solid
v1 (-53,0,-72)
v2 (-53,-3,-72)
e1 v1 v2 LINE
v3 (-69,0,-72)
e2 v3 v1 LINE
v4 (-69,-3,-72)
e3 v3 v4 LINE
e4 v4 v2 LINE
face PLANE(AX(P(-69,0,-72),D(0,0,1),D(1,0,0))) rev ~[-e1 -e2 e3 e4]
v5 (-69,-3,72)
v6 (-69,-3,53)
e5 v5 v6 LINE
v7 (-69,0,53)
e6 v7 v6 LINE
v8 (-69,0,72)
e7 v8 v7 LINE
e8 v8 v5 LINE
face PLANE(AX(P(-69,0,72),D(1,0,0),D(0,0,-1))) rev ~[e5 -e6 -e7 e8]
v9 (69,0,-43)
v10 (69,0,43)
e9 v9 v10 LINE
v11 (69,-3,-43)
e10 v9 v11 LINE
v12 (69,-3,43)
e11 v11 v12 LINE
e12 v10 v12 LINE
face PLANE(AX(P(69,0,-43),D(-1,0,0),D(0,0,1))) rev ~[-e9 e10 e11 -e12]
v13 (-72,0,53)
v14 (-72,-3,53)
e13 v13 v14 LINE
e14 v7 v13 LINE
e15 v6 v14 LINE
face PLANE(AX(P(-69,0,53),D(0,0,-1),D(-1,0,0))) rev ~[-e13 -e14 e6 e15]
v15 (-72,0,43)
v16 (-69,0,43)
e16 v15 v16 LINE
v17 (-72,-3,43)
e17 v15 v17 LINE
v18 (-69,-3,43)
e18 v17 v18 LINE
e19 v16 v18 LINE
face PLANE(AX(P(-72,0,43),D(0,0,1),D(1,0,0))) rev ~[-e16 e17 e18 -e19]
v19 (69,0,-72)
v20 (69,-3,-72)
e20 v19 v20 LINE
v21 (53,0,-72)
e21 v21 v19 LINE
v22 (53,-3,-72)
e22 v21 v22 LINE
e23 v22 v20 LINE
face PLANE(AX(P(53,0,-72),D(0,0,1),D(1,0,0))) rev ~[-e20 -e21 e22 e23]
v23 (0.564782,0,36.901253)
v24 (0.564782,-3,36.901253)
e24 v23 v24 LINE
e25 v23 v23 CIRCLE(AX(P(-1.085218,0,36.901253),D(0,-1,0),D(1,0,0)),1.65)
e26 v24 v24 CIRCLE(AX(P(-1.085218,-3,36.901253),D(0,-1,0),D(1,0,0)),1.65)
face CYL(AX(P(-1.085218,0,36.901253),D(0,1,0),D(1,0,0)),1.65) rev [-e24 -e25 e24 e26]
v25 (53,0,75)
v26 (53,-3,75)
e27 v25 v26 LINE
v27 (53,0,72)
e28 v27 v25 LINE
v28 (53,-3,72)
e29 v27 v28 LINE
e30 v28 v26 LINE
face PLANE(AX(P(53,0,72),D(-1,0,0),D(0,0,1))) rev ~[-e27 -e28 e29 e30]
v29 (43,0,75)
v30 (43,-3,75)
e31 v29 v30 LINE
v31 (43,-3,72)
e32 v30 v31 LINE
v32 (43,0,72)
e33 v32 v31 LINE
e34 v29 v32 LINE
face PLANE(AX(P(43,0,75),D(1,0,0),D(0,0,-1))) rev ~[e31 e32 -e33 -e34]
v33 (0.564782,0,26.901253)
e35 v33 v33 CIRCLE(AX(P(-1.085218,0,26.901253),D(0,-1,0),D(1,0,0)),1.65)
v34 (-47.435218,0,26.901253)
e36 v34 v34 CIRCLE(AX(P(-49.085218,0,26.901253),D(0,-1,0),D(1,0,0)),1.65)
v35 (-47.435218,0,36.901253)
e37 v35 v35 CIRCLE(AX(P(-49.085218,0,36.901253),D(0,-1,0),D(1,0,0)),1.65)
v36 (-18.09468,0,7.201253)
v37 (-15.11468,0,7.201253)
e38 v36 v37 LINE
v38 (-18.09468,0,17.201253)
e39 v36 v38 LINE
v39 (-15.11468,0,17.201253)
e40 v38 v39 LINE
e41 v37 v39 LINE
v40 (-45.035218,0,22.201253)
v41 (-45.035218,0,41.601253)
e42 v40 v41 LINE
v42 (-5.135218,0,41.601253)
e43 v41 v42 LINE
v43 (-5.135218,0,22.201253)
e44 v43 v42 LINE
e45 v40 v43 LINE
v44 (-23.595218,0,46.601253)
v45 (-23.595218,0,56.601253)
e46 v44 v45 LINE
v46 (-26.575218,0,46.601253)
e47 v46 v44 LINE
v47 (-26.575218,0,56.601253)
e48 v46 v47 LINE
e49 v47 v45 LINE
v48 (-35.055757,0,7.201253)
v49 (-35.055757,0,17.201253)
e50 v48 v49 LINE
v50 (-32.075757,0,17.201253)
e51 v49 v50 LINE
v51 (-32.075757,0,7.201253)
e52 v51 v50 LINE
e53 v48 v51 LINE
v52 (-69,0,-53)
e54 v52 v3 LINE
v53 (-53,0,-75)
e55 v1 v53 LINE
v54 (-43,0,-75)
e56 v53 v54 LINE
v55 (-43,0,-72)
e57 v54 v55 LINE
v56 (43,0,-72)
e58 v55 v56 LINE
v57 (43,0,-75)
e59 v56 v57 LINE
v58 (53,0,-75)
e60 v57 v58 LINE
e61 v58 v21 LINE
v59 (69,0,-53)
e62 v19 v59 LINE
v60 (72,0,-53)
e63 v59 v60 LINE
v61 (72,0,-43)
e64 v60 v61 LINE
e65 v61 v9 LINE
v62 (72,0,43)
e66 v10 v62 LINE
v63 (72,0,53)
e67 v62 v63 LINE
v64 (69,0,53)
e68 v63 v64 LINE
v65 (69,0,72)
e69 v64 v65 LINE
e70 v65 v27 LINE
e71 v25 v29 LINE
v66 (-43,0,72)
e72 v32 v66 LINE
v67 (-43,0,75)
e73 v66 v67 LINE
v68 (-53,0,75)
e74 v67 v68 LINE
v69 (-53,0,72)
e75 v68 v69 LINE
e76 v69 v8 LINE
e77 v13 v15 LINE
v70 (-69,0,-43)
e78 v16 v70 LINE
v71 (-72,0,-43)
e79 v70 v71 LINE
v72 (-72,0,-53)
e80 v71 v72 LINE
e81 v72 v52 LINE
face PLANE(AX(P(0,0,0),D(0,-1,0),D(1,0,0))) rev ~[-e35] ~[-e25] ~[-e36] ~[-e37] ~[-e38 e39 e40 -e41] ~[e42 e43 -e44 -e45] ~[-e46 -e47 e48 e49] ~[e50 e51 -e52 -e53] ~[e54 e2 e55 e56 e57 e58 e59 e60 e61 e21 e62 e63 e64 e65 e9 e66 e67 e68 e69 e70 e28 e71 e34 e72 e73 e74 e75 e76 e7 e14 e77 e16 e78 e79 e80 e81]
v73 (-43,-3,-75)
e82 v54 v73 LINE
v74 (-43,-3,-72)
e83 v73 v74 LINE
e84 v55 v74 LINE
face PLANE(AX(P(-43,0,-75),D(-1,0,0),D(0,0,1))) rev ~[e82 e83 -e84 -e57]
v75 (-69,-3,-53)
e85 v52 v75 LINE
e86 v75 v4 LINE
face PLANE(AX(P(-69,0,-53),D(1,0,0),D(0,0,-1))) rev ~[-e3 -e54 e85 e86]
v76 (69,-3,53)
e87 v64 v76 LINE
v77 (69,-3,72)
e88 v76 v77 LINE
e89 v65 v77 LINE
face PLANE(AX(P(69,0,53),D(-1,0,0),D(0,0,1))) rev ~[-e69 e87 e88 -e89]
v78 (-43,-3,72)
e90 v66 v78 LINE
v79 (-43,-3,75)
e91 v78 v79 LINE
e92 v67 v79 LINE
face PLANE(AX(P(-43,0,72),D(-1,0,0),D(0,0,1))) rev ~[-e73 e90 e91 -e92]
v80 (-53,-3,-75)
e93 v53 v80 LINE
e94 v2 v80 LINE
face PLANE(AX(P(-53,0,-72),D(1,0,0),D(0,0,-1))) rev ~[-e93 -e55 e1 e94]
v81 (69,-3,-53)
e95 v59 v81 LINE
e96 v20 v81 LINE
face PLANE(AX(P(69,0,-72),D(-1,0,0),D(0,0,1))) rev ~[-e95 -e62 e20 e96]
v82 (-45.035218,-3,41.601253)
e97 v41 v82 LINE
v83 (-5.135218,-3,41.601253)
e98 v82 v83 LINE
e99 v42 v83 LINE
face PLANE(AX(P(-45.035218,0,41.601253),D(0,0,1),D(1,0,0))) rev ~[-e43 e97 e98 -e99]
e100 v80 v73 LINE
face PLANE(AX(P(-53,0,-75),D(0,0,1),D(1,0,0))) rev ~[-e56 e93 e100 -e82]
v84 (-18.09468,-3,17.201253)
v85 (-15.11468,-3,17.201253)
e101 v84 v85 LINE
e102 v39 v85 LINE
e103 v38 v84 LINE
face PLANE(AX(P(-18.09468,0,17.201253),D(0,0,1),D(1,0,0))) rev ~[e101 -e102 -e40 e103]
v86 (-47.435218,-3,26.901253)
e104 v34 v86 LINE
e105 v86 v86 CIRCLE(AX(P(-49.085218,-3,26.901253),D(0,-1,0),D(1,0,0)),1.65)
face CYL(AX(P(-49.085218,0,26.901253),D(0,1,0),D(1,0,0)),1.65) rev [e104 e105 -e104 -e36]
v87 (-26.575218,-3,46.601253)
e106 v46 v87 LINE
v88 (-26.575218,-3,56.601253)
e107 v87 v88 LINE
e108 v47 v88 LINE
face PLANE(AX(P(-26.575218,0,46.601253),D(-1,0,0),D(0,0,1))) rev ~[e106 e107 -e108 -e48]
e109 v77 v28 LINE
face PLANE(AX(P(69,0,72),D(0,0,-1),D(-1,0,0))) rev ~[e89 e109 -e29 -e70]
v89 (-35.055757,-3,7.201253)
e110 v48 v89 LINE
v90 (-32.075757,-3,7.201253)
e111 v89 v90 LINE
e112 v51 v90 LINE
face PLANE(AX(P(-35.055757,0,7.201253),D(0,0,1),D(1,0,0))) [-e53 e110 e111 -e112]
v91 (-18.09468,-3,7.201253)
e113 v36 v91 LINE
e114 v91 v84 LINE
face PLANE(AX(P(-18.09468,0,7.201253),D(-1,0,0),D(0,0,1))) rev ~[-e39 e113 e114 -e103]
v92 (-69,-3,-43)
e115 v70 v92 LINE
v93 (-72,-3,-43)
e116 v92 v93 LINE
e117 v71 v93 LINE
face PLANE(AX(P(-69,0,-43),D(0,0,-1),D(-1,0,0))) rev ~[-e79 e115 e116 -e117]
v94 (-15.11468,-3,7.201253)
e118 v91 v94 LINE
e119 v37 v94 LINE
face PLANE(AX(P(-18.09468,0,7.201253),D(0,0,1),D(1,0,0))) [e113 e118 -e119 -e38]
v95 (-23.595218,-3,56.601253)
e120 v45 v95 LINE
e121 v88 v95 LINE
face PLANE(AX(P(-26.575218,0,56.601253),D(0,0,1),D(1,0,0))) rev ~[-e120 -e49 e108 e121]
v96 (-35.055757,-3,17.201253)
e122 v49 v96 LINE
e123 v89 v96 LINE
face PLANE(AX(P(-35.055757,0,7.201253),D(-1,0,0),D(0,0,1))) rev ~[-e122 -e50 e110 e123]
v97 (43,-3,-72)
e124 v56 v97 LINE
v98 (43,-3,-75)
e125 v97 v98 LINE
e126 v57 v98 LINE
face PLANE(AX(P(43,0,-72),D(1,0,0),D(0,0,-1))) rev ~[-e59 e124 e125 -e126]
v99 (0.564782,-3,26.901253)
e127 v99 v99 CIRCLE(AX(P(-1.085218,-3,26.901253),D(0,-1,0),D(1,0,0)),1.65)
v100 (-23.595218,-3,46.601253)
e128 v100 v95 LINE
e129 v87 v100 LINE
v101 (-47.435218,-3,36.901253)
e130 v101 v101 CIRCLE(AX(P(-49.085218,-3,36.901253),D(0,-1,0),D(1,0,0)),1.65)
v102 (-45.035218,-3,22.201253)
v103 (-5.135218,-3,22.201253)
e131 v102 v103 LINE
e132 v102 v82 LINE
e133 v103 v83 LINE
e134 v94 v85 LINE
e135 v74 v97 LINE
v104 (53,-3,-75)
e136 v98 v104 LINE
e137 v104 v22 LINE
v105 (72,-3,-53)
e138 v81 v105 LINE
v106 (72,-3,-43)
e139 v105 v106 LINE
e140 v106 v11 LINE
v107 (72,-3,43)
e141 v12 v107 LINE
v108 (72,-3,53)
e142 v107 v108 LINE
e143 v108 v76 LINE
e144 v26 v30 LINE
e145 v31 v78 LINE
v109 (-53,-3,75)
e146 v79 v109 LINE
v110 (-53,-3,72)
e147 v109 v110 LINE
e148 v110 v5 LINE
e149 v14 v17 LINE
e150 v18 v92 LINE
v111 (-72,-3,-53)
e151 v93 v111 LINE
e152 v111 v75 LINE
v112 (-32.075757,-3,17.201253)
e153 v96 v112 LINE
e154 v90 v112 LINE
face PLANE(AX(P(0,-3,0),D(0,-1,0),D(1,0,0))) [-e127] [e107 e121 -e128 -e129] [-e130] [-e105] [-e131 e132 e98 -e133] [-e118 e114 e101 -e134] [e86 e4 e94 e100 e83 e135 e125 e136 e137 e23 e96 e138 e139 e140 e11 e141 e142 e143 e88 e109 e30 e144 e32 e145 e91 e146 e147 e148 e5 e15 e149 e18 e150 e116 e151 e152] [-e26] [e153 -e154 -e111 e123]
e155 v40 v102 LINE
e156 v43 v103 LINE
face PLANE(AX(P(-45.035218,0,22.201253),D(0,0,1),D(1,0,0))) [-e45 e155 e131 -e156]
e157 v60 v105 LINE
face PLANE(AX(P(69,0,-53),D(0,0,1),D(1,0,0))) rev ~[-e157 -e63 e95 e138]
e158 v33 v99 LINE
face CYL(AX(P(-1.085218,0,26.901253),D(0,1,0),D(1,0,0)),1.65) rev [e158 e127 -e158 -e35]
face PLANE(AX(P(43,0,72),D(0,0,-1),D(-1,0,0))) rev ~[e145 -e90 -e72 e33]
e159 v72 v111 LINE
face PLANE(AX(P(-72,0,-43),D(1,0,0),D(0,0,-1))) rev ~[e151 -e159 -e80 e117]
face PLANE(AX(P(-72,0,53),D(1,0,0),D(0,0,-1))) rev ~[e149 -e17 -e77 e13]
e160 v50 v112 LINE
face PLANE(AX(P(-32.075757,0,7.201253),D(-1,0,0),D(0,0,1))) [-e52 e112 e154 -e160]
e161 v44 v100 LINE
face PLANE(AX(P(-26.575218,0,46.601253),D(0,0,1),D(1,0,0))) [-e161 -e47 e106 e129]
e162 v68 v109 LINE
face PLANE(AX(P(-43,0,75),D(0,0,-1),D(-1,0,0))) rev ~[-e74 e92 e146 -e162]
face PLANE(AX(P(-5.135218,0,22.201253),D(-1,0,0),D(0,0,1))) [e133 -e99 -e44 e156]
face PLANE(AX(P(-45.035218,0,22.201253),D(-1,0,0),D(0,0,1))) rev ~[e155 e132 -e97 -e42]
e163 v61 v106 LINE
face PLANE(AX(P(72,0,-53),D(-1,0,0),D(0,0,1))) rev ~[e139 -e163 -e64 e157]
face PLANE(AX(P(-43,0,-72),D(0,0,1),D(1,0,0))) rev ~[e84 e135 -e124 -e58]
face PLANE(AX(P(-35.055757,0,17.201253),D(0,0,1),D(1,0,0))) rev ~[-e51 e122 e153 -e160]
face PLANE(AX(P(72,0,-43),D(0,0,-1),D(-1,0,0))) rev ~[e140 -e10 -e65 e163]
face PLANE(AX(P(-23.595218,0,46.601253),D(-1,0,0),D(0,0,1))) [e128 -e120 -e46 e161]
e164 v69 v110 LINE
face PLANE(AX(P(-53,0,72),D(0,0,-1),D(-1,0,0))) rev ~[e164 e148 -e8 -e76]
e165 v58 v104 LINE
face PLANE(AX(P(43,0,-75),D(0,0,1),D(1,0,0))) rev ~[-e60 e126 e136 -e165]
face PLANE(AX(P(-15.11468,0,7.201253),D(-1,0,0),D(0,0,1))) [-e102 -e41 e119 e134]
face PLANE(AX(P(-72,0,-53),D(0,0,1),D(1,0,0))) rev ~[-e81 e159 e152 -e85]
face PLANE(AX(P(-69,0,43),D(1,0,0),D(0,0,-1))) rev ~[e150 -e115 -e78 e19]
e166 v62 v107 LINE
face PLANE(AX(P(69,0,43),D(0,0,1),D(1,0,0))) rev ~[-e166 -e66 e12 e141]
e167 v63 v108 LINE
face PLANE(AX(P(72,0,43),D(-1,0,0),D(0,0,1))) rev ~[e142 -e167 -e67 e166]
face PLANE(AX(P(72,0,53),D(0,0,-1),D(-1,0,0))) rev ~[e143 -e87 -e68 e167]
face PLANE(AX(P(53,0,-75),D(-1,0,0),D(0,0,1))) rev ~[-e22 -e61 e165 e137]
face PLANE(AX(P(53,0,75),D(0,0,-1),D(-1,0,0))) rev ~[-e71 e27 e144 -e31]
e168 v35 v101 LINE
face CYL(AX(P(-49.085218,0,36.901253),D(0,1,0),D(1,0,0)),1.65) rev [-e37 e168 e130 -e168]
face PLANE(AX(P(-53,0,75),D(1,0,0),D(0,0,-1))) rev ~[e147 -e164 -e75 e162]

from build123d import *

# Parameters (mm, degrees)
F0_R     = 1.65
F0_W     = 2.98
F0_H     = 10
F0_W_2   = 39.9
F0_H_2   = 19.4
F1_DEPTH = 3


with BuildPart() as f1:
    # F0 (on Front) → F1 (new body)
    with BuildSketch(Plane.XZ):
        Polygon((43, -75), (53, -75), (53, -72), (69, -72), (69, -53), (72, -53), (72, -43), (69, -43), (69, 43), (72, 43), (72, 53), (69, 53), (69, 72), (53, 72), (53, 75), (43, 75), (43, 72), (-43, 72), (-43, 75), (-53, 75), (-53, 72), (-69, 72), (-69, 53), (-72, 53), (-72, 43), (-69, 43), (-69, -43), (-72, -43), (-72, -53), (-69, -53), (-69, -72), (-53, -72), (-53, -75), (-43, -75), (-43, -72), (43, -72), align=None)
        with Locations((-49.085218, 26.901253)):
            Circle(F0_R, mode=Mode.SUBTRACT)
        with Locations((-49.085218, 36.901253)):
            Circle(F0_R, mode=Mode.SUBTRACT)
        with Locations((-33.565757, 12.201253)):
            Rectangle(F0_W, F0_H, mode=Mode.SUBTRACT)
        with Locations((-16.60468, 12.201253)):
            Rectangle(F0_W, F0_H, mode=Mode.SUBTRACT)
        with Locations((-25.085218, 31.901253)):
            Rectangle(F0_W_2, F0_H_2, mode=Mode.SUBTRACT)
        with Locations((-1.085218, 26.901253)):
            Circle(F0_R, mode=Mode.SUBTRACT)
        with Locations((-1.085218, 36.901253)):
            Circle(F0_R, mode=Mode.SUBTRACT)
        with Locations((-25.085218, 51.601253)):
            Rectangle(F0_W, F0_H, mode=Mode.SUBTRACT)
    extrude(amount=F1_DEPTH)


solid = f1.part
